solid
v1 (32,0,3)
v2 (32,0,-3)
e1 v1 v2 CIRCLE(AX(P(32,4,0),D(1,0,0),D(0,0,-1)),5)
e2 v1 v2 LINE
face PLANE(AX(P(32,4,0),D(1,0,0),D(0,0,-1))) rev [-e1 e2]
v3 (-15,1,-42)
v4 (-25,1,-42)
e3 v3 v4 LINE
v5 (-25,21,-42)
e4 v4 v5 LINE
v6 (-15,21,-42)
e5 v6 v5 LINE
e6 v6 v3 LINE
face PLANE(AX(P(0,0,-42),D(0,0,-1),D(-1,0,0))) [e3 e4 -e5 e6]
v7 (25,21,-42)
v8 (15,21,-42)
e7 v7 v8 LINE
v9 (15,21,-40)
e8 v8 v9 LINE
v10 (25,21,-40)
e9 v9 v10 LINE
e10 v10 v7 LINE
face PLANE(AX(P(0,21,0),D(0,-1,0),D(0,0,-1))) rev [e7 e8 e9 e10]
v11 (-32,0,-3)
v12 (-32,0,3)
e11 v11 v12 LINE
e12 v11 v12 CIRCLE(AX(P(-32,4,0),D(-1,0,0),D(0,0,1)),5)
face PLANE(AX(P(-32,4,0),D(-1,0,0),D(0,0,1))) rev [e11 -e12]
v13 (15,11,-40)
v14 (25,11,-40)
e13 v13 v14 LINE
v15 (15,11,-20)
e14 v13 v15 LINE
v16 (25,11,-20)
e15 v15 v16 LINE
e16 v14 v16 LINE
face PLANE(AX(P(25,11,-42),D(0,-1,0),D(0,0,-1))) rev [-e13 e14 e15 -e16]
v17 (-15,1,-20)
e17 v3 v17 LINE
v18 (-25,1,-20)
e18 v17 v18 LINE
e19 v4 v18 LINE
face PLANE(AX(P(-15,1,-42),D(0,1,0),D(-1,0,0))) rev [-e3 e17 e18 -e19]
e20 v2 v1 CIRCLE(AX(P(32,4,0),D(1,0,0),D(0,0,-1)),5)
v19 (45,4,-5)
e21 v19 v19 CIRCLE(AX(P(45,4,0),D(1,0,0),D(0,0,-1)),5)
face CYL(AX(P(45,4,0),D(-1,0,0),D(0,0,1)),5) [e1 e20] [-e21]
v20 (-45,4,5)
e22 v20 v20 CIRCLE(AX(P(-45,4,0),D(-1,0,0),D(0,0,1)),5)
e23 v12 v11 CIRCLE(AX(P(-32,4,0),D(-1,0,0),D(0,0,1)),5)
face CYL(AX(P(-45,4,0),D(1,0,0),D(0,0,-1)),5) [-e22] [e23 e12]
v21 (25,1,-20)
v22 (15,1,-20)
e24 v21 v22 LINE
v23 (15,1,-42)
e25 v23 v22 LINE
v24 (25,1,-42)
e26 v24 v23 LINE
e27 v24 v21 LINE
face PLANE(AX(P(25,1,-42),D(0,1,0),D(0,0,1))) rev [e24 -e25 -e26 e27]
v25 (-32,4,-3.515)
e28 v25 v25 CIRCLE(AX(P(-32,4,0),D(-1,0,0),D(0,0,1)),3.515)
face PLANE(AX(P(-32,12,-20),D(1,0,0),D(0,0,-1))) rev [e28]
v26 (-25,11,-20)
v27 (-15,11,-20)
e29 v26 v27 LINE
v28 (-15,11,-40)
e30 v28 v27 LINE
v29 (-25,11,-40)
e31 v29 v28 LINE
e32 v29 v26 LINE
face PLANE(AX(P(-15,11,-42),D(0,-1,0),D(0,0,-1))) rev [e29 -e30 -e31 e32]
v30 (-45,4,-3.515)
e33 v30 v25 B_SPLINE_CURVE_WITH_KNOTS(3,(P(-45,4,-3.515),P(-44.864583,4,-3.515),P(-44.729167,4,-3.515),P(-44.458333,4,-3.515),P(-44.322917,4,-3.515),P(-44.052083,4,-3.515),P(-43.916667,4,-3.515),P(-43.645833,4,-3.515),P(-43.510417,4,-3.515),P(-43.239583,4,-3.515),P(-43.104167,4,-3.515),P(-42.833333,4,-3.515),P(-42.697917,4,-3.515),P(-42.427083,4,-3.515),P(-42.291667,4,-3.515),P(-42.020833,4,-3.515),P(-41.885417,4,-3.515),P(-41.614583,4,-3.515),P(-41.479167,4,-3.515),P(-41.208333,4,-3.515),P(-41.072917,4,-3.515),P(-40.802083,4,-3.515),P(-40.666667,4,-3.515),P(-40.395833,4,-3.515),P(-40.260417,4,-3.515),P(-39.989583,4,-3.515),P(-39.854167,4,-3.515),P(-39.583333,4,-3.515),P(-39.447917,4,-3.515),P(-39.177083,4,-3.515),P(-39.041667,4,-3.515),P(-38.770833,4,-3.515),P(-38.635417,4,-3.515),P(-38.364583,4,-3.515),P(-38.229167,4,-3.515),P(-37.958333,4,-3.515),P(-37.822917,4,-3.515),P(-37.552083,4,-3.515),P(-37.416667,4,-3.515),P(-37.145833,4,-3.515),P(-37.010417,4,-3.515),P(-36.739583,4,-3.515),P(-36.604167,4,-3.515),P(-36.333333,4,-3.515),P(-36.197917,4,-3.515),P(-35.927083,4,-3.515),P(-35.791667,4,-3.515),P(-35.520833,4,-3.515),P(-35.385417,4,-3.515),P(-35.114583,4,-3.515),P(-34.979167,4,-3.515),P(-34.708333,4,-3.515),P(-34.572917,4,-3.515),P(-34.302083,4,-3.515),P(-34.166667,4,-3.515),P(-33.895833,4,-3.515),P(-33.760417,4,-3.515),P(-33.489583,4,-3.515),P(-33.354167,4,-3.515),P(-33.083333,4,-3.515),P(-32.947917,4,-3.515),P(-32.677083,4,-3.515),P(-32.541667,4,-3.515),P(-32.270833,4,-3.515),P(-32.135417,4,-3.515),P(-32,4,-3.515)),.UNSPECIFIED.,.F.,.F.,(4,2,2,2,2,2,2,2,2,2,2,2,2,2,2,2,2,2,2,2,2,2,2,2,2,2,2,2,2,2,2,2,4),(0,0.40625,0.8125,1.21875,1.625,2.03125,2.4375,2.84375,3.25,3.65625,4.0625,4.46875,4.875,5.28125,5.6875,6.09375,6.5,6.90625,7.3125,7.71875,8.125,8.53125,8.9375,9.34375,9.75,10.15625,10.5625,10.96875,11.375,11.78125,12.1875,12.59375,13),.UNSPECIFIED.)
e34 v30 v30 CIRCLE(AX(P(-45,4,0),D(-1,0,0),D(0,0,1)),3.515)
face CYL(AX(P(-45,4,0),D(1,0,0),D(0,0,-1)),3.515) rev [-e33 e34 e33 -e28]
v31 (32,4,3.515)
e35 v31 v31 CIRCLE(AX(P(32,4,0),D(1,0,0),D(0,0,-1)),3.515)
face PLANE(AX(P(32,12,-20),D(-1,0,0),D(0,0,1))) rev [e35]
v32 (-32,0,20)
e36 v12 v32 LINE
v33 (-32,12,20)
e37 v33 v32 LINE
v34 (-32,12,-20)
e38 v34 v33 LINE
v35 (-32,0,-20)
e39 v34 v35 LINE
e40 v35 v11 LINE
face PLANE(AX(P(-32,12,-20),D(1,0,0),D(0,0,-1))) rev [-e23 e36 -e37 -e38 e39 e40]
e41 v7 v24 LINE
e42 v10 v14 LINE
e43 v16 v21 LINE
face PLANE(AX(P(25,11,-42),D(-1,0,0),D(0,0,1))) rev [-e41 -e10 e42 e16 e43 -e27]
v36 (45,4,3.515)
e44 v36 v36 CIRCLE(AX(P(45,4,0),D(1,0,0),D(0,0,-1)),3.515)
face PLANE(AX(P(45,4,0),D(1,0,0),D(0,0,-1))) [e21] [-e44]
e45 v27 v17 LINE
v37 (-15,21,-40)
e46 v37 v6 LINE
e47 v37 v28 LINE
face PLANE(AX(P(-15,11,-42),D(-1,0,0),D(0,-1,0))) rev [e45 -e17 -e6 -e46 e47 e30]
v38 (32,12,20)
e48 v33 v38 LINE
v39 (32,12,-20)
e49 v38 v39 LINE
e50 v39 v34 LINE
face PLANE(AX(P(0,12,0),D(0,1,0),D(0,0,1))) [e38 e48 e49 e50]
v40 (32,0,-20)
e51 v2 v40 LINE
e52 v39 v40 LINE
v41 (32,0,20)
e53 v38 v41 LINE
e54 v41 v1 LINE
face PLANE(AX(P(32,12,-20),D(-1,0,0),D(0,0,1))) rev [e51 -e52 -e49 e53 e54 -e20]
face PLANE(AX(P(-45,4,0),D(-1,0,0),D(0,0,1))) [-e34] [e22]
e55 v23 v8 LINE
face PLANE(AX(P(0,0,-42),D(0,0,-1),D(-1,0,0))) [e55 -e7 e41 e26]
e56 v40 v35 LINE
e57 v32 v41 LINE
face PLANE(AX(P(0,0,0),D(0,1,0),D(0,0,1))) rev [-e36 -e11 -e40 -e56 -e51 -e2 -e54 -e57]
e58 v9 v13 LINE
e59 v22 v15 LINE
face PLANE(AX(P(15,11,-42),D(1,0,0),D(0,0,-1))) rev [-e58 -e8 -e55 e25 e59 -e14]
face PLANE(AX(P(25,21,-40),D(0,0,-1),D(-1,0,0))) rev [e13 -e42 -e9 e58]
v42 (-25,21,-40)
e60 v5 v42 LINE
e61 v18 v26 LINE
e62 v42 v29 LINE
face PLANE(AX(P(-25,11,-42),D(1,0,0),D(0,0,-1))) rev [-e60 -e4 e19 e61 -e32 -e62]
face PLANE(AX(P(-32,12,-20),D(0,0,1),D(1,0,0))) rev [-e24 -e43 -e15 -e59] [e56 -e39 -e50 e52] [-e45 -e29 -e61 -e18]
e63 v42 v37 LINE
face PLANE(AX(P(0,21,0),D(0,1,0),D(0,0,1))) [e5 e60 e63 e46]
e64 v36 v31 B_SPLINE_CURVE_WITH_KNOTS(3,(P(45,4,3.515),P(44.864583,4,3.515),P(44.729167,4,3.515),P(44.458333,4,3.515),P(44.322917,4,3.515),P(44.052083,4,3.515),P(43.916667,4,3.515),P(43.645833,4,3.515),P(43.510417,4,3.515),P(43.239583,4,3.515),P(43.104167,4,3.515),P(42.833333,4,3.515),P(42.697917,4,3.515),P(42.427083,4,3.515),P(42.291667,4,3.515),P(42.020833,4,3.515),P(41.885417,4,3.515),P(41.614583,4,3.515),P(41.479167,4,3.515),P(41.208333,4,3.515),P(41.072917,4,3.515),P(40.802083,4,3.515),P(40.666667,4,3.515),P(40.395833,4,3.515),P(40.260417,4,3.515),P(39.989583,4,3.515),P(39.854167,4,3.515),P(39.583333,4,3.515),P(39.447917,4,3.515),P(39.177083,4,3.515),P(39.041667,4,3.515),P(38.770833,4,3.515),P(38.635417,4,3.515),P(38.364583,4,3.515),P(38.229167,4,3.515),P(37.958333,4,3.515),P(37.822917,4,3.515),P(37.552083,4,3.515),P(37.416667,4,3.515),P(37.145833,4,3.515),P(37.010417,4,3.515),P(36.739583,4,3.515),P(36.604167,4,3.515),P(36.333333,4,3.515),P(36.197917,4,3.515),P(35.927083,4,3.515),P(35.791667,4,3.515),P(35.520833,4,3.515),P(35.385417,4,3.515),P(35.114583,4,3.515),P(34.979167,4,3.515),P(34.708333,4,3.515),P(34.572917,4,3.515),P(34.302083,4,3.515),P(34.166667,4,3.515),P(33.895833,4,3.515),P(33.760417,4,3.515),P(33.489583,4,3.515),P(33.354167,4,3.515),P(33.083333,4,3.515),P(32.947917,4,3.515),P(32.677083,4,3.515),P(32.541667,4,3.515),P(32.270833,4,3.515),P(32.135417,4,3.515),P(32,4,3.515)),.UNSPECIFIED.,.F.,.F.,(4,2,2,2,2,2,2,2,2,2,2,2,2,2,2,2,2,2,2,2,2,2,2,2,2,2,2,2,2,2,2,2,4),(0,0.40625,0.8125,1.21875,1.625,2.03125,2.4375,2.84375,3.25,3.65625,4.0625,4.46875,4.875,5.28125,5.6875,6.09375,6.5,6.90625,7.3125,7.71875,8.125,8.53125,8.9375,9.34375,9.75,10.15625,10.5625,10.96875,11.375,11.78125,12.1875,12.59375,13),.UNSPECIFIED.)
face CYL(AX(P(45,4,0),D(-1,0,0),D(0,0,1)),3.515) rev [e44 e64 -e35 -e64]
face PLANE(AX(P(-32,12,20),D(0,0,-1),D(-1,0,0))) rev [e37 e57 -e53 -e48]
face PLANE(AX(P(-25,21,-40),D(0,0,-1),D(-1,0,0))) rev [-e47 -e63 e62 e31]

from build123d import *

# Parameters (mm, degrees)
SKETCH1_W           = 64
SKETCH1_H           = 40
BOSS_EXTRUDE1_DEPTH = 12
SKETCH2_R           = 5
SKETCH2_R_2         = 3.515
BOSS_EXTRUDE2_DEPTH = 13
BOSS_EXTRUDE3_START = 13
SKETCH3_R           = 5
SKETCH3_R_2         = 3.515
BOSS_EXTRUDE3_DEPTH = 13
SKETCH5_W           = 10
SKETCH5_H           = 10
BOSS_EXTRUDE4_DEPTH = 22
SKETCH6_W           = 10
SKETCH6_H           = 2
BOSS_EXTRUDE5_DEPTH = 10


with BuildPart() as part:
    # Sketch1 → Boss-Extrude1 (new body)
    with BuildSketch(Plane(origin=(0, 0, 0), x_dir=(1, 0, 0), z_dir=(0, 1, 0))):
        Rectangle(SKETCH1_W, SKETCH1_H)
    extrude(amount=BOSS_EXTRUDE1_DEPTH)

    # Sketch2 → Boss-Extrude2 (add)
    with BuildSketch(Plane(origin=(32, 0, 0), x_dir=(0, 0, -1), z_dir=(1, 0, 0))):
        with Locations(Location((0, 4, 0), (0, 0, 233.130102354))):
            Circle(SKETCH2_R)
        with Locations(Location((0, 4, 0), (0, 0, 180))):
            Circle(SKETCH2_R_2, mode=Mode.SUBTRACT)
    extrude(amount=BOSS_EXTRUDE2_DEPTH)

    # Sketch3 → Boss-Extrude3 (add)
    with BuildSketch(Plane.ZY.offset(32).offset(BOSS_EXTRUDE3_START)):
        with Locations(Location((0, 4, 0), (0, 0, 306.869897646))):
            Circle(SKETCH3_R)
        with Locations((0, 4)):
            Circle(SKETCH3_R_2, mode=Mode.SUBTRACT)
    extrude(amount=-BOSS_EXTRUDE3_DEPTH)

    # Sketch5 → Boss-Extrude4 (add)
    with BuildSketch(Plane(origin=(0, 0, -20), x_dir=(-1, 0, 0), z_dir=(0, 0, -1))):
        with Locations((-20, 6)):
            Rectangle(SKETCH5_W, SKETCH5_H)
        with Locations((20, 6)):
            Rectangle(SKETCH5_W, SKETCH5_H)
    extrude(amount=BOSS_EXTRUDE4_DEPTH)

    # Sketch6 → Boss-Extrude5 (add)
    with BuildSketch(Plane(origin=(0, 11, 0), x_dir=(1, 0, 0), z_dir=(0, 1, 0))):
        with Locations((20, 41)):
            Rectangle(SKETCH6_W, SKETCH6_H)
        with Locations((-20, 41)):
            Rectangle(SKETCH6_W, SKETCH6_H)
    extrude(amount=BOSS_EXTRUDE5_DEPTH)


solid = part.part
